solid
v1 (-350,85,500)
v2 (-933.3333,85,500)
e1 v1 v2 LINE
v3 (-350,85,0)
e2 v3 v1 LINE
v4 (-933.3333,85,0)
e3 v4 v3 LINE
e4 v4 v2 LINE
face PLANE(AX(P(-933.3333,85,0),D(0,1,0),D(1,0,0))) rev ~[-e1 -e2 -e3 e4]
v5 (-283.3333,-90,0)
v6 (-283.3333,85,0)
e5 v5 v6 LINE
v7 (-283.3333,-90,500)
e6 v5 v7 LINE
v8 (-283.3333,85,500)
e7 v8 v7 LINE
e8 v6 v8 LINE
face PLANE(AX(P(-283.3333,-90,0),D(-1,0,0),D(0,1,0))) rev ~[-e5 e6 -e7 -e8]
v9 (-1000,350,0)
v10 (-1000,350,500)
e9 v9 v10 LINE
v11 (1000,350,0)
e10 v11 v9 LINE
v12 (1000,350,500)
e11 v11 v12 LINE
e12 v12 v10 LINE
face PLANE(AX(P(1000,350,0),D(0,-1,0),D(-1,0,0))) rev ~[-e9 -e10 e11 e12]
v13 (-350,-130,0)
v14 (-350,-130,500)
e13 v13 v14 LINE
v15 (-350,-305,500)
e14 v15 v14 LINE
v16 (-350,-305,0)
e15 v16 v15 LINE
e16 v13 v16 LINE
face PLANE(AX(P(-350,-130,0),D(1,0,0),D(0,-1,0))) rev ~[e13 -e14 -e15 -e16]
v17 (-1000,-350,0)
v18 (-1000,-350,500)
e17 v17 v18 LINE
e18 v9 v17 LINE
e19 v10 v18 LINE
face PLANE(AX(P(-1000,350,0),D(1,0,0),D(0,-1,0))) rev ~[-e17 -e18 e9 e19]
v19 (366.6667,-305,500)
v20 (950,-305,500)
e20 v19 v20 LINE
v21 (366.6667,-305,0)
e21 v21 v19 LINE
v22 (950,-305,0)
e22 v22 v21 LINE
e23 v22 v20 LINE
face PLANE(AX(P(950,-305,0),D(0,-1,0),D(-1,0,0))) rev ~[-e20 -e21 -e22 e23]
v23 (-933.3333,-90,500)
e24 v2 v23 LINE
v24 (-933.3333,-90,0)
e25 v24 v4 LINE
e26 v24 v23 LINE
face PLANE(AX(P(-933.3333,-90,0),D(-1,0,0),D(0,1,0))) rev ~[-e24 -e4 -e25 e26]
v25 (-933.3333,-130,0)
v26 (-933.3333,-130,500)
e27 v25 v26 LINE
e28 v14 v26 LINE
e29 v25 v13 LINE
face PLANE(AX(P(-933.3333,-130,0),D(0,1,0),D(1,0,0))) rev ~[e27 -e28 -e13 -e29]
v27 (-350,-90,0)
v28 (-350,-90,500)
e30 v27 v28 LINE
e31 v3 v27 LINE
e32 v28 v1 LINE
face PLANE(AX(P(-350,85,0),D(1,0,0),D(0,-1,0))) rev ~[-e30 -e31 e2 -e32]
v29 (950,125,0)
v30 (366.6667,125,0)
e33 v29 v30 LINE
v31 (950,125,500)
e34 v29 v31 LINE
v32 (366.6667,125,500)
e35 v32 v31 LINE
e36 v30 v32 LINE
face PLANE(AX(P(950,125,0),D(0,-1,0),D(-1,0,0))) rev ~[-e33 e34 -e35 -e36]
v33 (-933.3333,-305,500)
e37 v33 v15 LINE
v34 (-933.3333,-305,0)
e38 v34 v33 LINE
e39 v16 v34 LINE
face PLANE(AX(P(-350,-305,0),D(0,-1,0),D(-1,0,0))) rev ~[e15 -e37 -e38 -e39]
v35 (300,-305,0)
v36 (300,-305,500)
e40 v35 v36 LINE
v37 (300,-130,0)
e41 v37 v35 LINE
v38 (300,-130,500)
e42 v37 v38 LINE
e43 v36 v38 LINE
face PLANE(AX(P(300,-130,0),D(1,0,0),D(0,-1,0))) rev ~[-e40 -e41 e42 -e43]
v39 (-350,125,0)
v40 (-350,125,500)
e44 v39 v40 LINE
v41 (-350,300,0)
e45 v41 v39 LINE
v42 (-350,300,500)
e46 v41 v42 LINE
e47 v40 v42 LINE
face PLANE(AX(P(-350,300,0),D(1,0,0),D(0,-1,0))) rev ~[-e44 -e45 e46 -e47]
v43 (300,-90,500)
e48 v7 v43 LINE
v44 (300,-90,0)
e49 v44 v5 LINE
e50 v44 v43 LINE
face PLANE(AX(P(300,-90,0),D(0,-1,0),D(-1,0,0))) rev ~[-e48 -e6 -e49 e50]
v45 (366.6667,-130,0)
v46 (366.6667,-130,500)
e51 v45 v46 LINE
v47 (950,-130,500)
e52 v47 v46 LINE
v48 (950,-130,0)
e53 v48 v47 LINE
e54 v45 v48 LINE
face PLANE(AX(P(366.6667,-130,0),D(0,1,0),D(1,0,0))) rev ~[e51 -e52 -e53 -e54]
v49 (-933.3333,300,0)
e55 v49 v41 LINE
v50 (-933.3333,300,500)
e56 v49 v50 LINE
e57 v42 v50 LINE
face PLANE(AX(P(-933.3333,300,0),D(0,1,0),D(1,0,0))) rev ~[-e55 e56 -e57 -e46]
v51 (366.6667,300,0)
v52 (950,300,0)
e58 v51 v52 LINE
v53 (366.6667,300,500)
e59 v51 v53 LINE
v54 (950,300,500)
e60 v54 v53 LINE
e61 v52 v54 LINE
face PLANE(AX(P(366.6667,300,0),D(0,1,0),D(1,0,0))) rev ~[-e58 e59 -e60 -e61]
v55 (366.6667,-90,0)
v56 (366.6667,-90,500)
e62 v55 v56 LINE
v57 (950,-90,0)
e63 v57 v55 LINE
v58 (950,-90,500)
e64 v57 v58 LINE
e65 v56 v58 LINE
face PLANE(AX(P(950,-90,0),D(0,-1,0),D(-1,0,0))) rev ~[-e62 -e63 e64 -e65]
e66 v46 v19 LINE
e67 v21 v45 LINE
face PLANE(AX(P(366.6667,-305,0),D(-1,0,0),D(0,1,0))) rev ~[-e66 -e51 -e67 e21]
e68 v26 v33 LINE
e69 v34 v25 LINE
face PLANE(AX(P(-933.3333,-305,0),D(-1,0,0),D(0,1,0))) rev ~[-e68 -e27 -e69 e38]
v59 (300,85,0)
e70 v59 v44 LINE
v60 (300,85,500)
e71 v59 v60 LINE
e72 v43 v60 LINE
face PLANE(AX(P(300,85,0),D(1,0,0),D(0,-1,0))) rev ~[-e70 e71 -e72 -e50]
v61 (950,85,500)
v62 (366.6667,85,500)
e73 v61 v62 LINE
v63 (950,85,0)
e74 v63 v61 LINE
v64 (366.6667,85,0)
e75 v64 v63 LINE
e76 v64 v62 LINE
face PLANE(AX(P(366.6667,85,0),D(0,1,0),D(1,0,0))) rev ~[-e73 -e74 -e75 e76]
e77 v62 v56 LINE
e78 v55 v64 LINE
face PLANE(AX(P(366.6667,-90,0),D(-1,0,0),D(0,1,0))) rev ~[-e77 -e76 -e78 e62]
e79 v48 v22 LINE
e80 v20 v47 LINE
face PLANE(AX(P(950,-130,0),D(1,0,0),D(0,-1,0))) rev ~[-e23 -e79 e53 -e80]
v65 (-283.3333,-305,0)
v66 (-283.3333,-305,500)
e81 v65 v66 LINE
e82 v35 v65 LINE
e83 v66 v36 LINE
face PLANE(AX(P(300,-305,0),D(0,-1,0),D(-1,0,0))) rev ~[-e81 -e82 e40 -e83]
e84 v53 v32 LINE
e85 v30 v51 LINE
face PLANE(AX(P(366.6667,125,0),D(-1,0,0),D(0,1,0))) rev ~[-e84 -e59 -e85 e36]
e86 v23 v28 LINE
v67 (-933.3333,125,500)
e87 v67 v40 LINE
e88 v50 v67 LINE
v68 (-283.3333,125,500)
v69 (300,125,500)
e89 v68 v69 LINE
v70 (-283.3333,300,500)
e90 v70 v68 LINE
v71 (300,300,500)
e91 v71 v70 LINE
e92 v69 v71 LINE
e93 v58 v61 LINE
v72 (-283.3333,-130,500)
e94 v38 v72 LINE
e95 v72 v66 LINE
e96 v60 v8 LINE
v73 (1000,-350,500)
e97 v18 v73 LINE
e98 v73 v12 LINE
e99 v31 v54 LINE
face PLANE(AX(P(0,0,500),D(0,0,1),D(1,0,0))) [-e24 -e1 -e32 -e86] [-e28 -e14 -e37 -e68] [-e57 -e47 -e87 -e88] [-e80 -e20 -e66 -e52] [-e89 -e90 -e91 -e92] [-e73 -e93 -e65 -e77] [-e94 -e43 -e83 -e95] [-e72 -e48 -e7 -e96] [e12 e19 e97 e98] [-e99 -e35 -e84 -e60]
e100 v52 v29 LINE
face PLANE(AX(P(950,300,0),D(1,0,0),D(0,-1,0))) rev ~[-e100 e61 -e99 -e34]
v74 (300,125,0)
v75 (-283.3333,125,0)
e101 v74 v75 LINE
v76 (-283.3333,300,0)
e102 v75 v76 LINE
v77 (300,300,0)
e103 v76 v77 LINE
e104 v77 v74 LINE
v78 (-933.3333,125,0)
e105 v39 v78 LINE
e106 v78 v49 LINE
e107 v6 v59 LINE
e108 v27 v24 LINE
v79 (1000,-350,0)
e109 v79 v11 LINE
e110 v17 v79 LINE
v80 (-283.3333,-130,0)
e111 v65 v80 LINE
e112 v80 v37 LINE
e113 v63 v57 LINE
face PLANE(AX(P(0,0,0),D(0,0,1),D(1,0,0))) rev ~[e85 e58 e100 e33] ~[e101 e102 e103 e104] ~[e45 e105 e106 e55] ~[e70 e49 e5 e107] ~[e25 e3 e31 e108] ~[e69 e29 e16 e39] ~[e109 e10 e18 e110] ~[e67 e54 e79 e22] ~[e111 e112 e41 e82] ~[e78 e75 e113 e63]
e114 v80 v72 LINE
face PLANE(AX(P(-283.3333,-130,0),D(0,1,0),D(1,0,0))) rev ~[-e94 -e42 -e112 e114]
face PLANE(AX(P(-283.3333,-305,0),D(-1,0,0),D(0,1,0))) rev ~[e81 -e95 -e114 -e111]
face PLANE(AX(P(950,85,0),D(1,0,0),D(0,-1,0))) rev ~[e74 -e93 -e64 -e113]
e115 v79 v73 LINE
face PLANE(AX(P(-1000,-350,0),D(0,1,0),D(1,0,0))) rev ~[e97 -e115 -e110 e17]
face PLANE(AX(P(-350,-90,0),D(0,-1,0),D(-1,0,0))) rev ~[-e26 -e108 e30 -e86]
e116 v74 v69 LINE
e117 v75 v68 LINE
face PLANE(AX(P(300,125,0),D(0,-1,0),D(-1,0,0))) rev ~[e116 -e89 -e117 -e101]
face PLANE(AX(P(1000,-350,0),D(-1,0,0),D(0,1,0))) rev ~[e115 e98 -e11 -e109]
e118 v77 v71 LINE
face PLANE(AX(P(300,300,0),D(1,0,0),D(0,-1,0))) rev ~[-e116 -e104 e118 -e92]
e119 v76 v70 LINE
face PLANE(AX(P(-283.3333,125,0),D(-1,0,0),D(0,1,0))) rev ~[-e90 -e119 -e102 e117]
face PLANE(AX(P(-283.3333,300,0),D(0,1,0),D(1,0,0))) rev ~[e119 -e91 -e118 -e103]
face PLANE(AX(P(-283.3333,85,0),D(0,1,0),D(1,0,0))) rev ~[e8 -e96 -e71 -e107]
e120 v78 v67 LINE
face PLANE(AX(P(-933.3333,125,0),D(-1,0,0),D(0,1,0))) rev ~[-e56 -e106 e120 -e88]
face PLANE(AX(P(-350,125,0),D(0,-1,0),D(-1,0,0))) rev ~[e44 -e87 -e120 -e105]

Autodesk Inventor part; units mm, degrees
ref_plane "YZ Plane" through (0, 0, 0) normal (1, 0, 0) x (0, 1, 0)
ref_plane "XZ Plane" through (0, 0, 0) normal (0, 1, 0) x (-1, 0, 0)
ref_plane "XY Plane" through (0, 0, 0) normal (0, 0, 1) x (1, 0, 0)
sketch "Esquisse1" plane through (0, 0, 0) normal (0, 0, 1) x (1, 0, 0)
  line L0 (-1000, -350) -> (1000, -350)
  line L1 (1000, -350) -> (1000, 350)
  line L2 (1000, 350) -> (-1000, 350)
  line L3 (-1000, 350) -> (-1000, -350)
  line L4 (-1000, -350) -> (1000, 350) construction
  line L5 (1000, -350) -> (-1000, 350) construction
  point P0 (0, 0)
  dimension "d0" = 2000
  dimension "d1" = 700
extrude "Extrusion1" add sketch "Esquisse1" along normal blind 500
sketch "Esquisse3" plane through (0, 0, 0) normal (0, 0, -1) x (-1, 0, 0)
  line L0 (-950, 125) -> (-366.6667, 125)
  line L1 (-366.6667, 125) -> (-366.6667, 300)
  line L2 (-366.6667, 300) -> (-950, 300)
  line L3 (-950, 300) -> (-950, 125)
  line L4 (-1000, 350) -> (1000, 350) projected
  line L5 (-1000, -350) -> (-1000, 350) projected
  point P0 (0, 0)
  dimension "d4" = 175
  dimension "d5" = 583.3333
  dimension "d6" = 50
  dimension "d7" = 50
extrude "Extrusion2" cut sketch "Esquisse3" against normal through all
pattern_linear "Réseau rectangulaire1" count 3 spacing 650 along (-1, 0, 0) of "Extrusion2"
pattern_linear "Réseau rectangulaire2" count 3 spacing 215 along (0, -1, 0) of "Extrusion2", "Réseau rectangulaire1"
properties part number "1420-14-06 Meuble noir" material "Bois (bouleau)"
